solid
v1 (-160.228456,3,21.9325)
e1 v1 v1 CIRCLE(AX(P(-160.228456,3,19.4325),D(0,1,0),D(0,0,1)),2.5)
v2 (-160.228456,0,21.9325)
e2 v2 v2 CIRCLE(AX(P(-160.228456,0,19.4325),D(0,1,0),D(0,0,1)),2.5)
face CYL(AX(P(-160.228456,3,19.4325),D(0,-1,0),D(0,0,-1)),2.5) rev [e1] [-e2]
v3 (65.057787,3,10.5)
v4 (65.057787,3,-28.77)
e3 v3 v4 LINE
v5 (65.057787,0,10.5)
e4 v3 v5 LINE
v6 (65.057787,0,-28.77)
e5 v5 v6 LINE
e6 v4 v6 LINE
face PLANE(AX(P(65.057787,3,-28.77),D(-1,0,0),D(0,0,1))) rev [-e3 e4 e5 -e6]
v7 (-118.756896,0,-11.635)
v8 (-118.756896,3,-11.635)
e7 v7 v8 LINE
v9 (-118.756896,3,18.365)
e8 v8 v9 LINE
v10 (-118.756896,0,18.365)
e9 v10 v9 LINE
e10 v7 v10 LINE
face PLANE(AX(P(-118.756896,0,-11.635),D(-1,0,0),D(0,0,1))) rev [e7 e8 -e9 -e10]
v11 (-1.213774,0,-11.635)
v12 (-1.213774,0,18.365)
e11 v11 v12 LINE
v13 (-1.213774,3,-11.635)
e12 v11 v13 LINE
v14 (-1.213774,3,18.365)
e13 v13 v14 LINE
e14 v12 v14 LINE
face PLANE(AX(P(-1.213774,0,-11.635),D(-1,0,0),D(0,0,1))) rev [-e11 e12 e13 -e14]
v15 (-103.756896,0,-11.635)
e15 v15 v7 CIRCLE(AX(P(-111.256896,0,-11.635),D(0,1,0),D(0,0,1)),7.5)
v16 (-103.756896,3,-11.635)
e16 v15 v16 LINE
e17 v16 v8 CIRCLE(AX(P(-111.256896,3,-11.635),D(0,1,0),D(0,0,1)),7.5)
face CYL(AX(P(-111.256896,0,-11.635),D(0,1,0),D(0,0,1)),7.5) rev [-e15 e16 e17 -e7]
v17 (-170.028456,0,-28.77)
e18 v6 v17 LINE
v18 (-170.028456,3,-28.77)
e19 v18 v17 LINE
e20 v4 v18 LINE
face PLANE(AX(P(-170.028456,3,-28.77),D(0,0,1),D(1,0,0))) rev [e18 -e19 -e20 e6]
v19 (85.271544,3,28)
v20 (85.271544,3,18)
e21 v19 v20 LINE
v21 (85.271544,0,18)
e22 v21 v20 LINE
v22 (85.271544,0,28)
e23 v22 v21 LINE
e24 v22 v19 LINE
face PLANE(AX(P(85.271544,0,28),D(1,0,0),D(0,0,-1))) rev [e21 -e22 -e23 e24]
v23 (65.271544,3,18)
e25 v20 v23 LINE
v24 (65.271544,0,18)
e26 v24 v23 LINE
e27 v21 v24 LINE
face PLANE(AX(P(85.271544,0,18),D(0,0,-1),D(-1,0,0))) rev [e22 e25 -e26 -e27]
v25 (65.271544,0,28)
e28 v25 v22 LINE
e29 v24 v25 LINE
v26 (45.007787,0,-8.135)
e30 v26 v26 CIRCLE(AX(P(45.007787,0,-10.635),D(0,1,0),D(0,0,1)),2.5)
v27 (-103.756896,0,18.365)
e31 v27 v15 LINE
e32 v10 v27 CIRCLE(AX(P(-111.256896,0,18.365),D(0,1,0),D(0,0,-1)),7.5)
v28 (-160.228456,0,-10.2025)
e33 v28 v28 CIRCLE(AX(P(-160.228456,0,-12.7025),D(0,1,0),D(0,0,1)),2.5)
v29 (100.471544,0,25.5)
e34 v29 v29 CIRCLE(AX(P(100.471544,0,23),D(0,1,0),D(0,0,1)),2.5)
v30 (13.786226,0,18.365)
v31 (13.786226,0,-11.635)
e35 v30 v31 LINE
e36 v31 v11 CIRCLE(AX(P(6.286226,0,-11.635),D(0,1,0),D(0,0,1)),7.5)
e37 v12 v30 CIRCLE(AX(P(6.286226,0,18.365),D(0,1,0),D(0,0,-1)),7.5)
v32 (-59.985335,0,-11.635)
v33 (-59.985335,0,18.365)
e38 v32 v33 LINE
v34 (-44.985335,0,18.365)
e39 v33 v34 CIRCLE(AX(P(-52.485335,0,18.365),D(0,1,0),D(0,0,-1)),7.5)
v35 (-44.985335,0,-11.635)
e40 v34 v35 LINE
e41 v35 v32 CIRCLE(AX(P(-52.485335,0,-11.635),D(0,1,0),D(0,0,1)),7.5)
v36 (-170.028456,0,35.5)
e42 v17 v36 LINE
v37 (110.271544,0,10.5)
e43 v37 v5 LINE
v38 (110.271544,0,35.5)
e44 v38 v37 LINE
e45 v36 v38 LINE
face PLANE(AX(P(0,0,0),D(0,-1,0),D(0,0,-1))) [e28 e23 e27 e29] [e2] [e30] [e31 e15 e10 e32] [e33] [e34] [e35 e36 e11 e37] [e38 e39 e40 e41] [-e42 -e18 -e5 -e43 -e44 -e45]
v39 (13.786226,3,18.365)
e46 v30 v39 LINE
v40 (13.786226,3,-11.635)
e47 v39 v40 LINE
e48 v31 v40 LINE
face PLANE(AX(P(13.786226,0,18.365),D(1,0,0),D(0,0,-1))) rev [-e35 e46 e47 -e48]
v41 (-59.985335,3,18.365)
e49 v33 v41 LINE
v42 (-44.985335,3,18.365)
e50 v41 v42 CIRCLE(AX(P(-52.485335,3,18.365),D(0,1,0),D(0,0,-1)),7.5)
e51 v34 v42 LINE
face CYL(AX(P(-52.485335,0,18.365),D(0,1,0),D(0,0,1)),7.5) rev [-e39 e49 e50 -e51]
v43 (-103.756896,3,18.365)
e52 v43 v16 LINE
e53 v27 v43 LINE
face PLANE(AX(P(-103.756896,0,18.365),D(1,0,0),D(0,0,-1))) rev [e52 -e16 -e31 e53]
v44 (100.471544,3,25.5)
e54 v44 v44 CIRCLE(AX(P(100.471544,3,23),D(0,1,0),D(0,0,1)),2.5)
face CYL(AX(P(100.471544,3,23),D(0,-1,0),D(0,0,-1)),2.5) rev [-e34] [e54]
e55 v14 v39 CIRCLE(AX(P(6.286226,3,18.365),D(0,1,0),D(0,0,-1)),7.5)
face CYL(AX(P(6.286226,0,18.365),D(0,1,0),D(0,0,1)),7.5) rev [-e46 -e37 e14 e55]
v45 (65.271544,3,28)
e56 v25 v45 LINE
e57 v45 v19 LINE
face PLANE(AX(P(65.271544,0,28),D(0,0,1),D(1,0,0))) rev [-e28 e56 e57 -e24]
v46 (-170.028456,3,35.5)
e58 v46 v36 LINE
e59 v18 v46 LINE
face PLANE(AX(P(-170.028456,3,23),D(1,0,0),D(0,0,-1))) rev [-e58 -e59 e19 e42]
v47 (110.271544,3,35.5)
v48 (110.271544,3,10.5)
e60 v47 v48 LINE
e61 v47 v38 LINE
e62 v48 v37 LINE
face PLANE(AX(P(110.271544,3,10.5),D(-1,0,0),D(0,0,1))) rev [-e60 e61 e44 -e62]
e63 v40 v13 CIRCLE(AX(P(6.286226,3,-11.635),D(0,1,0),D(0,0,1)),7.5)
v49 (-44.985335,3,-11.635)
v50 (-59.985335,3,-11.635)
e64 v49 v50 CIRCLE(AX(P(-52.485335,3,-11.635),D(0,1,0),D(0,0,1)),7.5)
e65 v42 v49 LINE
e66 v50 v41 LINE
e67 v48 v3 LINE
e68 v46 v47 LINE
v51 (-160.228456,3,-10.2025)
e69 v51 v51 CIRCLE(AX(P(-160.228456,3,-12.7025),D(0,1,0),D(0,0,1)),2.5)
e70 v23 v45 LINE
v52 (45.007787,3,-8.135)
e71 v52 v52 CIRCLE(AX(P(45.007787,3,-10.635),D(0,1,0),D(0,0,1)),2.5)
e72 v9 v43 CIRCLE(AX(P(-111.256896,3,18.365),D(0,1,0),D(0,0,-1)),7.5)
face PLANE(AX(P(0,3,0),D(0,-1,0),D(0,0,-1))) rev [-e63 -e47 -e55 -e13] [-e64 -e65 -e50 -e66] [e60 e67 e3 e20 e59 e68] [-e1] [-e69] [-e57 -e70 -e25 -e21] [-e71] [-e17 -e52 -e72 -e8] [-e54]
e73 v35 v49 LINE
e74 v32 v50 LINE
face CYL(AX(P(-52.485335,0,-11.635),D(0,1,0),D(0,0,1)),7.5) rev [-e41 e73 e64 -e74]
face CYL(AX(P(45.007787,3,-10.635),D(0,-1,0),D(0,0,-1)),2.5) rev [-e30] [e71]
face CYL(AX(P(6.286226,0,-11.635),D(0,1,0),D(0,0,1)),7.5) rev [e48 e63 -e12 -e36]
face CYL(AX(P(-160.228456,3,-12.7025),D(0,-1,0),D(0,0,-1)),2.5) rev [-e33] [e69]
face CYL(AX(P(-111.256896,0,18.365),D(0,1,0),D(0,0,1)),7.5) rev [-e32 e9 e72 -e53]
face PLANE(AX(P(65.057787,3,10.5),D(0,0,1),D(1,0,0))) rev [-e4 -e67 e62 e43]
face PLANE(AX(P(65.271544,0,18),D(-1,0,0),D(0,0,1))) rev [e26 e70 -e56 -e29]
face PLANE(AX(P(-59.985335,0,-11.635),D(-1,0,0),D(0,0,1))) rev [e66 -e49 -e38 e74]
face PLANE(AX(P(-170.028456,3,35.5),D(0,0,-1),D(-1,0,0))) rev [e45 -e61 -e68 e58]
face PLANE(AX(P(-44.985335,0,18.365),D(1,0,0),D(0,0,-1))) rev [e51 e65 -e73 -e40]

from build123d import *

# Parameters (mm, degrees)
ESQUISSE1_R             = 2.5
BOSS_EXTRU_1_DEPTH      = 3
ESQUISSE2_W             = 20
ESQUISSE2_H             = 10
ENL_V_MAT_EXTRU_1_DEPTH = 174.720827721


with BuildPart() as part:
    # Esquisse1 → Boss.-Extru.1 (new body)
    with BuildSketch(Plane(origin=(0, 0, 0), x_dir=(1, 0, 0), z_dir=(0, 1, 0))):
        Polygon((-170.028456395, 18.77), (-170.028456395, -23), (-170.028456395, -35.5), (110.271543605, -35.5), (110.271543605, -10.5), (65.057787015, -10.5), (65.057787015, 28.77), (-170.028456395, 28.77), align=None)
        with Locations(Location((100.471543605, -23, 0), (0, 0, 270))):
            Circle(ESQUISSE1_R, mode=Mode.SUBTRACT)
        with Locations(Location((-160.228456395, -19.4325, 0), (0, 0, 270))):
            Circle(ESQUISSE1_R, mode=Mode.SUBTRACT)
        with Locations(Location((-160.228456395, 12.7025, 0), (0, 0, 270))):
            Circle(ESQUISSE1_R, mode=Mode.SUBTRACT)
        with Locations(Location((45.007787015, 10.635, 0), (0, 0, 270))):
            Circle(ESQUISSE1_R, mode=Mode.SUBTRACT)
    extrude(amount=BOSS_EXTRU_1_DEPTH)

    # Esquisse2 → Enlèv. mat.-Extru.1 (cut, through all)
    with BuildSketch(Plane(origin=(0, 3, 0), x_dir=(1, 0, 0), z_dir=(0, 1, 0))):
        with BuildLine():
            Line((-118.756895542, 11.635), (-118.756895542, -18.365))
            ThreePointArc((-118.756895542, -18.365), (-111.256895542, -25.865), (-103.756895542, -18.365))
            Line((-103.756895542, -18.365), (-103.756895542, 11.635))
            ThreePointArc((-103.756895542, 11.635), (-111.256895542, 19.135), (-118.756895542, 11.635))
        make_face()
        with BuildLine():
            Line((-59.98533469, 11.635), (-59.98533469, -18.365))
            ThreePointArc((-59.98533469, -18.365), (-52.48533469, -25.865), (-44.98533469, -18.365))
            Line((-44.98533469, -18.365), (-44.98533469, 11.635))
            ThreePointArc((-44.98533469, 11.635), (-52.48533469, 19.135), (-59.98533469, 11.635))
        make_face()
        with BuildLine():
            Line((-1.213773837, 11.635), (-1.213773837, -18.365))
            ThreePointArc((-1.213773837, -18.365), (6.286226163, -25.865), (13.786226163, -18.365))
            Line((13.786226163, -18.365), (13.786226163, 11.635))
            ThreePointArc((13.786226163, 11.635), (6.286226163, 19.135), (-1.213773837, 11.635))
        make_face()
        with Locations((75.271543605, -23)):
            Rectangle(ESQUISSE2_W, ESQUISSE2_H)
    extrude(amount=-ENL_V_MAT_EXTRU_1_DEPTH, mode=Mode.SUBTRACT)


solid = part.part
